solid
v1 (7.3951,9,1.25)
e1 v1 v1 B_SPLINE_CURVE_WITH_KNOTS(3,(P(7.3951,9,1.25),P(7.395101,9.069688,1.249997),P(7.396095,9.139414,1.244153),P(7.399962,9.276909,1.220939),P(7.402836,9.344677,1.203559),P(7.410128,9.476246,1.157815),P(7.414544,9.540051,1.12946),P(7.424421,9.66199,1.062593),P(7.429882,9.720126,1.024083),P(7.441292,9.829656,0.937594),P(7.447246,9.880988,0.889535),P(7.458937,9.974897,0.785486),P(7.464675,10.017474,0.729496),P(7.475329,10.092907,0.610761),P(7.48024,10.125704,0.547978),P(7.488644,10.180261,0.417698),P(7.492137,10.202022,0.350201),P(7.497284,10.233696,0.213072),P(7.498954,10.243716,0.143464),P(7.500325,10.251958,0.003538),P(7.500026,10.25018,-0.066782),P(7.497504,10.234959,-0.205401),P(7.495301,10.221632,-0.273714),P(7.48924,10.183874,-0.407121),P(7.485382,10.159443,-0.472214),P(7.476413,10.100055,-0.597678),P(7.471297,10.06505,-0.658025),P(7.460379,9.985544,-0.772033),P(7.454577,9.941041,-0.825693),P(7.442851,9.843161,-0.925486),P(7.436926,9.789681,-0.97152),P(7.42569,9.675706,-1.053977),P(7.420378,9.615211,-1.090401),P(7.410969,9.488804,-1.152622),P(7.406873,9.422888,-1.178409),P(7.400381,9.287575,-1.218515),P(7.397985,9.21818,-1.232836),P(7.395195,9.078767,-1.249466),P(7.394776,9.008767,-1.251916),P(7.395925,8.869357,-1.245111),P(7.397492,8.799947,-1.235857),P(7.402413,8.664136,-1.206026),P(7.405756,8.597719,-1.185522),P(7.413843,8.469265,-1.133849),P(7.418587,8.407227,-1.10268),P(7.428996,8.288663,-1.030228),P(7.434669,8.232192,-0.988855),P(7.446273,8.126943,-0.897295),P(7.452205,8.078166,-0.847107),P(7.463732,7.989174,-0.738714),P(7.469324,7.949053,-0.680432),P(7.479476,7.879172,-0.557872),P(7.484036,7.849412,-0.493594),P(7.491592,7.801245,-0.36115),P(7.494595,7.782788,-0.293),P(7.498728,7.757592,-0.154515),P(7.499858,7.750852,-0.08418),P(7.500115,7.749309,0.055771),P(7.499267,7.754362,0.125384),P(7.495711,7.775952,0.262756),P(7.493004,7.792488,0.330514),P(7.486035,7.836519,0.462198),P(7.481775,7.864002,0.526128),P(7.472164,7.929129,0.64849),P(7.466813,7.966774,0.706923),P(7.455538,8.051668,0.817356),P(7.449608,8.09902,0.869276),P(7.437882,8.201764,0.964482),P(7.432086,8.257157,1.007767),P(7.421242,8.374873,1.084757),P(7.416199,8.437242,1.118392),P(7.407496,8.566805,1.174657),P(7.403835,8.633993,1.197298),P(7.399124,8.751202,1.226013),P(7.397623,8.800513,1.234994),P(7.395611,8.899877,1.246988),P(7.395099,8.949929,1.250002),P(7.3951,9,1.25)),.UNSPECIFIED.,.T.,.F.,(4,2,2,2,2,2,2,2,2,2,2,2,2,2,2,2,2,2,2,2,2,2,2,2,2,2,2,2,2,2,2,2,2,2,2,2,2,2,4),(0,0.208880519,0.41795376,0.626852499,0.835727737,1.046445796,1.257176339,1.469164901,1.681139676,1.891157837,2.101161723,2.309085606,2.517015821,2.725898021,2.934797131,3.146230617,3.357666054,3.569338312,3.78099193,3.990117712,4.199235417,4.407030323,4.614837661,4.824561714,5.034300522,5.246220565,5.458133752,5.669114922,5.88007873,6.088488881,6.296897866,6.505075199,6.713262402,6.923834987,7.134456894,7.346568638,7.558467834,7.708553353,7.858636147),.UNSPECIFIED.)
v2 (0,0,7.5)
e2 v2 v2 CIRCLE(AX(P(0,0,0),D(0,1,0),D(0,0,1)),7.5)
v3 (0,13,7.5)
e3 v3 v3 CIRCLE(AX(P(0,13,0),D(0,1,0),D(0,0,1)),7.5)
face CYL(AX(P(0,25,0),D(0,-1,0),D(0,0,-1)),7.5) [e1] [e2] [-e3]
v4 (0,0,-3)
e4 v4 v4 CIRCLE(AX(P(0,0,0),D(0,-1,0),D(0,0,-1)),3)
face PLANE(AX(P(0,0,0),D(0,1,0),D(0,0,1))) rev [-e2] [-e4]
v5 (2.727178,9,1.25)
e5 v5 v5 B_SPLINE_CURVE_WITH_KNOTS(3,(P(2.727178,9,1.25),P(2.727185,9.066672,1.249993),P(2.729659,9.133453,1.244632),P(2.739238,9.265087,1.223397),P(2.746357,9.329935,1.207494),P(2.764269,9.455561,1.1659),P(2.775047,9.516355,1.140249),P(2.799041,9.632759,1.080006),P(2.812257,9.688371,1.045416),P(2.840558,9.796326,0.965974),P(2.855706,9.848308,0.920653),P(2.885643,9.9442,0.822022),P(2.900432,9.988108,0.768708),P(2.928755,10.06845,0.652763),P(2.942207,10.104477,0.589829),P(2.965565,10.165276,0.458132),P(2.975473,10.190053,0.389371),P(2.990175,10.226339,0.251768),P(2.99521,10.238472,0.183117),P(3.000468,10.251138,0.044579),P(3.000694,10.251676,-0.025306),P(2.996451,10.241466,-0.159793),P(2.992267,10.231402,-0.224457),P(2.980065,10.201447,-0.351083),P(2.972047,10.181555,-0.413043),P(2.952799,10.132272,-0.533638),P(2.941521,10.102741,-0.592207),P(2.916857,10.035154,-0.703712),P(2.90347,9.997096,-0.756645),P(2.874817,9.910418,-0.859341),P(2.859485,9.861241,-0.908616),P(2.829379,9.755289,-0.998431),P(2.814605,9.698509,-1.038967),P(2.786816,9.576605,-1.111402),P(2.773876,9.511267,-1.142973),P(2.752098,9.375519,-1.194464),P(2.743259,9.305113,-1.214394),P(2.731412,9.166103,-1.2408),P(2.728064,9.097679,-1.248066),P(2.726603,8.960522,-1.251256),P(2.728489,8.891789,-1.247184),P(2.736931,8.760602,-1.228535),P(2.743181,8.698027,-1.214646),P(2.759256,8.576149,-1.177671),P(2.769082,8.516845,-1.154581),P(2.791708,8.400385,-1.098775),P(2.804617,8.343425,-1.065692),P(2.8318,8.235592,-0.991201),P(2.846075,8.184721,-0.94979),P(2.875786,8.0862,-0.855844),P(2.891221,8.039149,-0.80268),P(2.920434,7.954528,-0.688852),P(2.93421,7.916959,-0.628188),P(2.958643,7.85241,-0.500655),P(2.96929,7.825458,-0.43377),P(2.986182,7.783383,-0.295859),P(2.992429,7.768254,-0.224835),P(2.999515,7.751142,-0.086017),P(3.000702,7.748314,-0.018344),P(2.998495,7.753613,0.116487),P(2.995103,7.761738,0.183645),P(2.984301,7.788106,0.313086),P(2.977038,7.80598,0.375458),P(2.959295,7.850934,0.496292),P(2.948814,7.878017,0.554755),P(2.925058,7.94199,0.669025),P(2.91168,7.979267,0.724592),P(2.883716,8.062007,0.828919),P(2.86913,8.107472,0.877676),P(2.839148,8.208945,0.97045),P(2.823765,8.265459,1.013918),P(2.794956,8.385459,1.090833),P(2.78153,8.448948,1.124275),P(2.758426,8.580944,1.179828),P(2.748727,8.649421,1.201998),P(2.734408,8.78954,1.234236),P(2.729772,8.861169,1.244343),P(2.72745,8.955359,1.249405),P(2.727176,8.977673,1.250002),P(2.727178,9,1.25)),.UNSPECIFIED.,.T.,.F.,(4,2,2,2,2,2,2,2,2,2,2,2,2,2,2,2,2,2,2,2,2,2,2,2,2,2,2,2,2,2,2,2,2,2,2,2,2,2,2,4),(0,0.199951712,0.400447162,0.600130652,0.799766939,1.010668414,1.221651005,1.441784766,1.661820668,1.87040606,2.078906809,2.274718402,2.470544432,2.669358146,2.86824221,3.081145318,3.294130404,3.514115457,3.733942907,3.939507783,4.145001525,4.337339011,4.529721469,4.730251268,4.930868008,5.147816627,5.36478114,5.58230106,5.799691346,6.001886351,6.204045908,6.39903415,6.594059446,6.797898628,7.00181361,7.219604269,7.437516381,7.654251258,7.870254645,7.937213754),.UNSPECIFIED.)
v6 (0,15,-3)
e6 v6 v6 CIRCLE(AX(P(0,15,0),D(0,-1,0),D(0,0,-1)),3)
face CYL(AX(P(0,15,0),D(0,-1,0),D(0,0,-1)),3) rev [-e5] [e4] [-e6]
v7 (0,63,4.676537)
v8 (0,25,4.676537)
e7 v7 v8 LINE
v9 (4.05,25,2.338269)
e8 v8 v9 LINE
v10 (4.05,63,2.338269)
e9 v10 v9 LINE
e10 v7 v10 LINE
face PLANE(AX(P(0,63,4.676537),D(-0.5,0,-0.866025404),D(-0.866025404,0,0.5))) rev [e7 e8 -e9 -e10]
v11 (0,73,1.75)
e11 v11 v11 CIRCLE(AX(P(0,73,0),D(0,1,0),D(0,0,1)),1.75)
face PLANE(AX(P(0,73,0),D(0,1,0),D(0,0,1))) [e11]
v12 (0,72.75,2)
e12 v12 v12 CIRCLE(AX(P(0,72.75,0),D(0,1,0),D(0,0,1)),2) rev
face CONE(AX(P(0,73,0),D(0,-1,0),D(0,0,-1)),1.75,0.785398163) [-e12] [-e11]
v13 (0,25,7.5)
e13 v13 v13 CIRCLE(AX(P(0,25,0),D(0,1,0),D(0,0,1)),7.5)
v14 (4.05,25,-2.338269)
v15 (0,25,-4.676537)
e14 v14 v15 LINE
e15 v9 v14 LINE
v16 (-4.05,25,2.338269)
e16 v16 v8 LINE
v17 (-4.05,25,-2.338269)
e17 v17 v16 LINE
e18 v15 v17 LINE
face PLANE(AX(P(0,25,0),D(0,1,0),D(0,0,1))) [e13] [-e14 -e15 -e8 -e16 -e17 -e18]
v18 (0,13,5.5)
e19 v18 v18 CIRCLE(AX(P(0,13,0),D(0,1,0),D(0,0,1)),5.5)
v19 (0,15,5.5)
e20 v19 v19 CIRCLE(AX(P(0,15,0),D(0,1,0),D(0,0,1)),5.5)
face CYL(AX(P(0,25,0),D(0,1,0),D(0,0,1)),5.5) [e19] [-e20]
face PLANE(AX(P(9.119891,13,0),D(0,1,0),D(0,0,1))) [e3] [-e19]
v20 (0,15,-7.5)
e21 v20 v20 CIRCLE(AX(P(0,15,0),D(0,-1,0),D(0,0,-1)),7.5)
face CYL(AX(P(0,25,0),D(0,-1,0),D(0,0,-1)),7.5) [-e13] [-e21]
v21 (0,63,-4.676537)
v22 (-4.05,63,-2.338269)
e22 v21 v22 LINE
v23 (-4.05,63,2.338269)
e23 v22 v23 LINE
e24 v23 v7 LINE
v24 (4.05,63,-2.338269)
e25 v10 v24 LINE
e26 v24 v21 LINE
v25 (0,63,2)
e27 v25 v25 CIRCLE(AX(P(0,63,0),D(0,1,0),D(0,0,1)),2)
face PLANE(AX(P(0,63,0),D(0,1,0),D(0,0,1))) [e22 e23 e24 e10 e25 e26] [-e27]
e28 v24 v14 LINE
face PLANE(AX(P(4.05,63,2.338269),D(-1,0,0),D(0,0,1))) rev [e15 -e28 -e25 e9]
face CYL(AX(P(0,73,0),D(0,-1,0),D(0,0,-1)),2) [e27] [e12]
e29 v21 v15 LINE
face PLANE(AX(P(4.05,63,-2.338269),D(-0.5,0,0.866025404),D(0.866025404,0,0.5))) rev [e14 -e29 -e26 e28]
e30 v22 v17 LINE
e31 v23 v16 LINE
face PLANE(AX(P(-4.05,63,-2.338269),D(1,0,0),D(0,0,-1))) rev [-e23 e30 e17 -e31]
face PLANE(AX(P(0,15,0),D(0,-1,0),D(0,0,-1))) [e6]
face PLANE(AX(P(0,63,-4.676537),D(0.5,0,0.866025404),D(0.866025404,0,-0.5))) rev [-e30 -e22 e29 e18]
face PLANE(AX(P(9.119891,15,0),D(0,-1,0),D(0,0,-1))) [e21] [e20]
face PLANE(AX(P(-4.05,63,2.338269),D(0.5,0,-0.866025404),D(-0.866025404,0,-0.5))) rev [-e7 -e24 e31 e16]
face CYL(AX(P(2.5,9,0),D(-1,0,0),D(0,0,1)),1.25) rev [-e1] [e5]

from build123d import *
from build123d.topology import SkipClean

# Parameters (mm, degrees)
SKETCH_1_R          = 7.5
EXTRUDE_1_DEPTH     = 25
EXTRUDE_2_DEPTH     = 38
CUT_EXTRUDE_1_DEPTH = 15
SKETCH_6_R          = 3
CUT_EXTRUDE_2_DEPTH = 3
M3X0_5_1_D          = 2.5
M3X0_5_1_DEPTH      = 5
SKETCH_21_R         = 3
CUT_EXTRUDE_3_DEPTH = 15
SKETCH_3_R          = 2
EXTRUDE_3_DEPTH     = 10
CHAMFER_1_SIZE      = 0.25
SKETCH_22_W         = 3.619891
SKETCH_22_H         = 2


with BuildPart() as part:
    # Sketch 1 → Extrude 1 (new body)
    with BuildSketch(Plane(origin=(0, 0, 0), x_dir=(1, 0, 0), z_dir=(0, 1, 0))):
        with Locations(Location((0, 0, 0), (0, 0, 270))):  # turned: the seam where the file's is
            Circle(SKETCH_1_R)
    extrude(amount=EXTRUDE_1_DEPTH)

    # Sketch 2 → Extrude 2 (add)
    with BuildSketch(Plane(origin=(0, 25, 0), x_dir=(1, 0, 0), z_dir=(0, 1, 0))):
        Polygon((0, -4.676537), (4.05, -2.338269), (4.05, 2.338269), (0, 4.676537), (-4.05, 2.338269), (-4.05, -2.338269), align=None)
    extrude(amount=EXTRUDE_2_DEPTH)

    # Sketch 5 → Cut-Extrude 1 (cut)
    with BuildSketch(Plane.XZ):
        with BuildLine():
            Line((2.5, 1.658312), (2.5, -1.658312))
            ThreePointArc((2.5, -1.658312), (-3, 0), (2.5, 1.658312))
        make_face()
    extrude(amount=-CUT_EXTRUDE_1_DEPTH, mode=Mode.SUBTRACT)

    # Sketch 6 → Cut-Extrude 2 (cut)
    with SkipClean():  # keep this step's faces unmerged: merging them makes the solid invalid here
        with BuildSketch(Plane.XZ):
            with Locations(Location((0, 0, 0), (0, 0, 270))):  # turned: the seam where the file's is
                Circle(SKETCH_6_R)
        extrude(amount=-CUT_EXTRUDE_2_DEPTH, mode=Mode.SUBTRACT)

    # M3x0.5 _1
    with Locations(Plane.ZY.offset(-2.5)):
        with Locations((0, 9)):
            Hole(M3X0_5_1_D / 2, depth=M3X0_5_1_DEPTH)

    # Sketch 21 → Cut-Extrude 3 (cut)
    with SkipClean():  # keep this step's faces unmerged: merging them makes the solid invalid here
        with BuildSketch(Plane.XZ):
            with Locations(Location((0, 0, 0), (0, 0, 270))):  # turned: the seam where the file's is
                Circle(SKETCH_21_R)
        extrude(amount=-CUT_EXTRUDE_3_DEPTH, mode=Mode.SUBTRACT)

    # Sketch 3 → Extrude 3 (add)
    with SkipClean():  # keep this step's faces unmerged: merging them makes the solid invalid here
        with BuildSketch(Plane(origin=(0, 63, 0), x_dir=(1, 0, 0), z_dir=(0, 1, 0))):
            with Locations(Location((0, 0, 0), (0, 0, 270))):  # turned: the seam where the file's is
                Circle(SKETCH_3_R)
        extrude(amount=EXTRUDE_3_DEPTH)

    # Chamfer 1
    chamfer_1_edges = [part.edges().sort_by_distance(p)[0] for p in [
        (0, 73, -2),
    ]]
    chamfer(chamfer_1_edges, length=CHAMFER_1_SIZE)

    # Sketch 22 → Cut-Revolve 1 (revolve, cut)
    with SkipClean():  # keep this step's faces unmerged: merging them makes the solid invalid here
        with BuildSketch(Plane.XY, mode=Mode.PRIVATE) as cut_revolve_1_sk:
            with Locations((7.309945, 14)):
                Rectangle(SKETCH_22_W, SKETCH_22_H)
        revolve(cut_revolve_1_sk.sketch.rotate(Axis((0, 25, 0), (0, -1, 0)), 90), axis=Axis((0, 25, 0), (0, -1, 0)), mode=Mode.SUBTRACT)  # turned: the seam where the file's is


solid = part.part
